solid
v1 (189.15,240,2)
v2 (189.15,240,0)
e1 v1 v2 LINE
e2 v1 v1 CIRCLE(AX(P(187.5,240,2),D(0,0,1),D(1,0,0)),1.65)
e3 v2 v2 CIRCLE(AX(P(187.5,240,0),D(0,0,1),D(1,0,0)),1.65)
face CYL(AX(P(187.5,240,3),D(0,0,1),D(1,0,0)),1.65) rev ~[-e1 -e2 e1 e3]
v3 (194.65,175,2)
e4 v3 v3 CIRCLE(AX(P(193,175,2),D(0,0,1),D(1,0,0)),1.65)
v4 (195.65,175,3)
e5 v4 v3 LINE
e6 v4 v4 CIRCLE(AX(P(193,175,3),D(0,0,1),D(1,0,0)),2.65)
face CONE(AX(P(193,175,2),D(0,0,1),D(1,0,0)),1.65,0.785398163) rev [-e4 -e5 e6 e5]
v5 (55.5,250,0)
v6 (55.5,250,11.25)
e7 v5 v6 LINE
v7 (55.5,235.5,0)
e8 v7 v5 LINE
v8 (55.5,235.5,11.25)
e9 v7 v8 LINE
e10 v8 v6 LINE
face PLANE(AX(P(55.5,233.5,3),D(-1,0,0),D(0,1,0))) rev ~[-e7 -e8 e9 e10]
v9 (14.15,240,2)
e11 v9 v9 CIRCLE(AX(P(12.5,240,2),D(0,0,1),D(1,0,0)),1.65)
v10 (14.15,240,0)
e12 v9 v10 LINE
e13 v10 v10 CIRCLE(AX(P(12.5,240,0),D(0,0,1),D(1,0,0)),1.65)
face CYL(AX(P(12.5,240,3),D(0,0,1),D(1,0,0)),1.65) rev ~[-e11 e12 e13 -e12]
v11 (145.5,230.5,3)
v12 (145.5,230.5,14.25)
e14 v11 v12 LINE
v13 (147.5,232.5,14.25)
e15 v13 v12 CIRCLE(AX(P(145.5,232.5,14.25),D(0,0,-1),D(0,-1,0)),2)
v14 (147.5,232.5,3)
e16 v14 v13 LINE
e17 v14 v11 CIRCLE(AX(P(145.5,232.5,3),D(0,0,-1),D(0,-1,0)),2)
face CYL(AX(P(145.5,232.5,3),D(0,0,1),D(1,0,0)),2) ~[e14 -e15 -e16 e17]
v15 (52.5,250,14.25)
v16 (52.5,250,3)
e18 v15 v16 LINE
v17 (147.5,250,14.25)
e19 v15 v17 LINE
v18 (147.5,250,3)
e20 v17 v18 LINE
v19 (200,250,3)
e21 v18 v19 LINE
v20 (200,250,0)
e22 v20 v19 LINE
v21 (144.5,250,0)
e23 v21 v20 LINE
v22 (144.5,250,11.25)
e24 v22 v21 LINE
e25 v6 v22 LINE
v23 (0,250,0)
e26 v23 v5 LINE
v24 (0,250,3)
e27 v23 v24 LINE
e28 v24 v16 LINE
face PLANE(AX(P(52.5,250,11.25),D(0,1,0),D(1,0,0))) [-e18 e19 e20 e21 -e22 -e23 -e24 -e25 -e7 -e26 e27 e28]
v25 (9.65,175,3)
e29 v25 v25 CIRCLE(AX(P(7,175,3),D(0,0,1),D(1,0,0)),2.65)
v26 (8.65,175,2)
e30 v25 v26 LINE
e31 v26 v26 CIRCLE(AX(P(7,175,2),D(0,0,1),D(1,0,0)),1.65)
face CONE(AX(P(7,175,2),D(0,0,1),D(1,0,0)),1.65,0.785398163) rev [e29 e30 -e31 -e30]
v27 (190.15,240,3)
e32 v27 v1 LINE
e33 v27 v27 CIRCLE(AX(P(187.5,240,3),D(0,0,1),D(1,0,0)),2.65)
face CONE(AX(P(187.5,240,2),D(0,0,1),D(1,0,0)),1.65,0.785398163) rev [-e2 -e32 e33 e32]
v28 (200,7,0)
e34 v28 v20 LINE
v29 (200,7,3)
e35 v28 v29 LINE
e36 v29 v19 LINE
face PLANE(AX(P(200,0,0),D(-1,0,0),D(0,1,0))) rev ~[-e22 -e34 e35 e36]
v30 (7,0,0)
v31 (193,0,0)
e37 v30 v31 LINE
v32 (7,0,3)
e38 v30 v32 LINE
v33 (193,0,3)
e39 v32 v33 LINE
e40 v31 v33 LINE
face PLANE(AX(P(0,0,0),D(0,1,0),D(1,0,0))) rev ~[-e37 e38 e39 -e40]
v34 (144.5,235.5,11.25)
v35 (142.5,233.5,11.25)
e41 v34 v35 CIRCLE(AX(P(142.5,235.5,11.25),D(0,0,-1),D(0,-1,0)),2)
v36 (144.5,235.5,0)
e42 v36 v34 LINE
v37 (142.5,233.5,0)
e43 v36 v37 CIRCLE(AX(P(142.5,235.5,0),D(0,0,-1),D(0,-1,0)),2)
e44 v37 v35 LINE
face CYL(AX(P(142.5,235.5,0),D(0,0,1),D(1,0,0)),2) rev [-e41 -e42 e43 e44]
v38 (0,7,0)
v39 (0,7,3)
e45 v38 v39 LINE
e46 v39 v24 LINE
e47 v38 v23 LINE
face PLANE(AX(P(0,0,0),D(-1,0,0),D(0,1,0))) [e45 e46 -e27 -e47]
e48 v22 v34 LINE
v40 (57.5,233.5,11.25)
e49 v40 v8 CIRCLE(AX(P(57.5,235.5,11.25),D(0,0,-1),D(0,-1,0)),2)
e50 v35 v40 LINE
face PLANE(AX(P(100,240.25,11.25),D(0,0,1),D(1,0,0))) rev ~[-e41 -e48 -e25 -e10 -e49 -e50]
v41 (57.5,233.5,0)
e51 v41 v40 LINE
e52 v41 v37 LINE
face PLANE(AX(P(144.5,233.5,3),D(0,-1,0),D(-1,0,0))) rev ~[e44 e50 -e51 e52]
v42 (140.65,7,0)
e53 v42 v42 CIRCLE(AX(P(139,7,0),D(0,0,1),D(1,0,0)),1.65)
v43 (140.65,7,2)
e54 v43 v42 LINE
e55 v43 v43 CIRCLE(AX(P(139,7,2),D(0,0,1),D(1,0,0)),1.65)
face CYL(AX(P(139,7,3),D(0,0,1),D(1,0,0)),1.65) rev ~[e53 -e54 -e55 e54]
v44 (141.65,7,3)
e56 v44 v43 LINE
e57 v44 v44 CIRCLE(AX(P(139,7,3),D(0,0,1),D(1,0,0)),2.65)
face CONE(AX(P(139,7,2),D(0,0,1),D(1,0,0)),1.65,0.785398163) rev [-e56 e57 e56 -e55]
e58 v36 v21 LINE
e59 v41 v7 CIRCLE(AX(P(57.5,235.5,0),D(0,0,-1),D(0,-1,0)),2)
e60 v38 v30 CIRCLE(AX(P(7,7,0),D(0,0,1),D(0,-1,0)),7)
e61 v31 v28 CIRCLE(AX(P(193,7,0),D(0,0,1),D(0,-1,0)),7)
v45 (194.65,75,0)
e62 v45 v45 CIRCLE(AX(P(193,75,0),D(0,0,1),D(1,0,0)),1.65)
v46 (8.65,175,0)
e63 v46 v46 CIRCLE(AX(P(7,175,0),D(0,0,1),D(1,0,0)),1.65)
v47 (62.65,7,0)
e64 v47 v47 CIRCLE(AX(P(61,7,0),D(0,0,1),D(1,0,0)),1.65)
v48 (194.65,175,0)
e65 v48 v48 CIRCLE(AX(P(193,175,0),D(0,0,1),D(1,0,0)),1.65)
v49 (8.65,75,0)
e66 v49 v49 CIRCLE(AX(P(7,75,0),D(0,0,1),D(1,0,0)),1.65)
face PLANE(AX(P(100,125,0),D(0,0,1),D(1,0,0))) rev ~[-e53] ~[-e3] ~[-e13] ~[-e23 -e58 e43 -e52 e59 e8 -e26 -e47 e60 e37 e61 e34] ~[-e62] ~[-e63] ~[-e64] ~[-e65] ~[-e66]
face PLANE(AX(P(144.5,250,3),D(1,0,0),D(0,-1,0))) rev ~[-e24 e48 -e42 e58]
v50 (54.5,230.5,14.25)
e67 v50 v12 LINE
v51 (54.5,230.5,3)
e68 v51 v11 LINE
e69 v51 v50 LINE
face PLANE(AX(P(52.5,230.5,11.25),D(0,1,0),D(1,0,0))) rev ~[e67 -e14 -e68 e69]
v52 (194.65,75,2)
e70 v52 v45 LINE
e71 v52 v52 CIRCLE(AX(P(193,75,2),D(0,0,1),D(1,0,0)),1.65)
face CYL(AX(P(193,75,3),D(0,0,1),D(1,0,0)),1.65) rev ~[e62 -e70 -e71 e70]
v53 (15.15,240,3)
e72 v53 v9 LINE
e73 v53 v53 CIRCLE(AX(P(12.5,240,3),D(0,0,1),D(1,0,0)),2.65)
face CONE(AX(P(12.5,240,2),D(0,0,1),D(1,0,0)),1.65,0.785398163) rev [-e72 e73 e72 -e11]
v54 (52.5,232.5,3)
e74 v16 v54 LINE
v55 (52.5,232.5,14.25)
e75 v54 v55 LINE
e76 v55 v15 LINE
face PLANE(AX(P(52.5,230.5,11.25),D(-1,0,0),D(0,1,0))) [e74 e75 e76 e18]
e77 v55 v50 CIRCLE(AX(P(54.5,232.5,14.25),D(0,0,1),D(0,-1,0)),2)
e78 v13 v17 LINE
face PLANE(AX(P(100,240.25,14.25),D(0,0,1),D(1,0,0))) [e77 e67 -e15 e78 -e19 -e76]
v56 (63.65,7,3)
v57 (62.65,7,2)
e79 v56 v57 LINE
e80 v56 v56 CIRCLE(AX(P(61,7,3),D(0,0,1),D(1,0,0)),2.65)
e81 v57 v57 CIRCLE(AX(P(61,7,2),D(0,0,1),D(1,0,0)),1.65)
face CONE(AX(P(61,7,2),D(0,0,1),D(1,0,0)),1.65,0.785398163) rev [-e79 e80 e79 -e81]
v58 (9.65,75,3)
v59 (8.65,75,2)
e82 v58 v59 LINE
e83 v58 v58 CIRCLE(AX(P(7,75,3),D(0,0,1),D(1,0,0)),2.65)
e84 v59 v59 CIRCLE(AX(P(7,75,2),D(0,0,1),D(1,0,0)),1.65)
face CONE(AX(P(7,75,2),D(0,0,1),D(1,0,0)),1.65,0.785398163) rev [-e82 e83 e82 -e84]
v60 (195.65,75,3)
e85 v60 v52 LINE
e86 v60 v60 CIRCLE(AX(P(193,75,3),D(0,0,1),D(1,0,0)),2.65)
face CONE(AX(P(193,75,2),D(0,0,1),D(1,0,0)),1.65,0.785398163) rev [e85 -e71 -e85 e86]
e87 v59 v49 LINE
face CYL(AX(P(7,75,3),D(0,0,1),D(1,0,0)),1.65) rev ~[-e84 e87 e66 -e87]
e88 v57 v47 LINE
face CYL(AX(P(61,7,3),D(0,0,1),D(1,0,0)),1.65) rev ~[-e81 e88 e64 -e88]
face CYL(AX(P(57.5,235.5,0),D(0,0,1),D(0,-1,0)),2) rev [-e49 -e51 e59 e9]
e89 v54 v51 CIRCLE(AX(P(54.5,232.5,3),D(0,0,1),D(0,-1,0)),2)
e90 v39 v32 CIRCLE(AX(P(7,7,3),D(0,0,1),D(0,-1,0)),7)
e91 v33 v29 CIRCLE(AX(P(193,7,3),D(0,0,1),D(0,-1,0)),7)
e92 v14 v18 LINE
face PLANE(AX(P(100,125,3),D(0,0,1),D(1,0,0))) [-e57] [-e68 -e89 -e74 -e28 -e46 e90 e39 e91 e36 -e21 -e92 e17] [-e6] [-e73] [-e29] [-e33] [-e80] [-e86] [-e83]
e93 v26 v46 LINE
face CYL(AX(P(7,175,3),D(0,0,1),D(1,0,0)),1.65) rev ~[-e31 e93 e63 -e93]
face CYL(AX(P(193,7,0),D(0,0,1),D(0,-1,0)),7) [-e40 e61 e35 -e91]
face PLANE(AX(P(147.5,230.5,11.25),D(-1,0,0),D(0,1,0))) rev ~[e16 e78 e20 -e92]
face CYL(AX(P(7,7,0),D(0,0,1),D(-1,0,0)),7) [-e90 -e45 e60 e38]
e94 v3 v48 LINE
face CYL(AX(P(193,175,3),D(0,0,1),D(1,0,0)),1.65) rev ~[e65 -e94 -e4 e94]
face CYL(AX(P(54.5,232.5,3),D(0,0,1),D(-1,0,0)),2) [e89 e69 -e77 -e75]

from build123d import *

# Parameters (mm, degrees)
SKETCH1_W           = 200
SKETCH1_H           = 250
BOSS_EXTRUDE1_DEPTH = 3
FILLET1_R           = 7
SKETCH2_W           = 89
SKETCH2_H           = 16.5
CUT_EXTRUDE2_DEPTH  = 3
EXTRUDE_THIN1_DEPTH = 8.25
SKETCH4_W           = 95
SKETCH4_H           = 19.5
BOSS_EXTRUDE2_DEPTH = 3
FILLET2_R           = 2
FILLET3_R           = 2
SKETCH5_R           = 1.65
CUT_EXTRUDE3_DEPTH  = 4
CHAMFER1_SIZE       = 1


with BuildPart() as part:
    # Sketch1 → Boss-Extrude1 (new body)
    with BuildSketch(Plane.XY):
        with Locations((100, 125)):
            Rectangle(SKETCH1_W, SKETCH1_H)
    extrude(amount=BOSS_EXTRUDE1_DEPTH)

    # Fillet1
    fillet1_edges = [part.edges().sort_by_distance(p)[0] for p in [
        (200, 0, 1.5),
        (0, 0, 1.5),
    ]]
    fillet(fillet1_edges, radius=FILLET1_R)

    # Sketch2 → Cut-Extrude2 (cut)
    with BuildSketch(Plane.XY):
        with Locations((100, 241.75)):
            Rectangle(SKETCH2_W, SKETCH2_H)
    extrude(amount=CUT_EXTRUDE2_DEPTH, mode=Mode.SUBTRACT)

    # Sketch3 → Extrude-Thin1 (add)
    with BuildSketch(Plane.XY.offset(3)):
        Polygon((144.5, 250), (144.5, 233.5), (55.5, 233.5), (55.5, 250), (52.5, 250), (52.5, 230.5), (147.5, 230.5), (147.5, 250), align=None)
    extrude(amount=EXTRUDE_THIN1_DEPTH)

    # Sketch4 → Boss-Extrude2 (add)
    with BuildSketch(Plane.XY.offset(11.25)):
        with Locations((100, 240.25)):
            Rectangle(SKETCH4_W, SKETCH4_H)
    extrude(amount=BOSS_EXTRUDE2_DEPTH)

    # Fillet2
    fillet2_edges = [part.edges().sort_by_distance(p)[0] for p in [
        (144.5, 233.5, 5.625),
        (55.5, 233.5, 5.625),
    ]]
    fillet(fillet2_edges, radius=FILLET2_R)

    # Fillet3
    fillet3_edges = [part.edges().sort_by_distance(p)[0] for p in [
        (52.5, 230.5, 8.625),
        (147.5, 230.5, 8.625),
    ]]
    fillet(fillet3_edges, radius=FILLET3_R)

    # Sketch5 → Cut-Extrude3 (cut, through all)
    with BuildSketch(Plane.XY.offset(3)):
        with Locations((12.5, 240)):
            Circle(SKETCH5_R)
        with Locations((187.5, 240)):
            Circle(SKETCH5_R)
        with Locations((7, 175)):
            Circle(SKETCH5_R)
        with Locations((7, 75)):
            Circle(SKETCH5_R)
        with Locations((61, 7)):
            Circle(SKETCH5_R)
        with Locations((139, 7)):
            Circle(SKETCH5_R)
        with Locations((193, 175)):
            Circle(SKETCH5_R)
        with Locations((193, 75)):
            Circle(SKETCH5_R)
    extrude(amount=-CUT_EXTRUDE3_DEPTH, mode=Mode.SUBTRACT)

    # Chamfer1
    chamfer1_edges = [part.edges().sort_by_distance(p)[0] for p in [
        (185.85, 240, 3),
        (5.35, 175, 3),
        (5.35, 75, 3),
        (59.35, 7, 3),
        (191.35, 75, 3),
        (191.35, 175, 3),
        (137.35, 7, 3),
        (10.85, 240, 3),
    ]]
    chamfer(chamfer1_edges, length=CHAMFER1_SIZE)


solid = part.part
